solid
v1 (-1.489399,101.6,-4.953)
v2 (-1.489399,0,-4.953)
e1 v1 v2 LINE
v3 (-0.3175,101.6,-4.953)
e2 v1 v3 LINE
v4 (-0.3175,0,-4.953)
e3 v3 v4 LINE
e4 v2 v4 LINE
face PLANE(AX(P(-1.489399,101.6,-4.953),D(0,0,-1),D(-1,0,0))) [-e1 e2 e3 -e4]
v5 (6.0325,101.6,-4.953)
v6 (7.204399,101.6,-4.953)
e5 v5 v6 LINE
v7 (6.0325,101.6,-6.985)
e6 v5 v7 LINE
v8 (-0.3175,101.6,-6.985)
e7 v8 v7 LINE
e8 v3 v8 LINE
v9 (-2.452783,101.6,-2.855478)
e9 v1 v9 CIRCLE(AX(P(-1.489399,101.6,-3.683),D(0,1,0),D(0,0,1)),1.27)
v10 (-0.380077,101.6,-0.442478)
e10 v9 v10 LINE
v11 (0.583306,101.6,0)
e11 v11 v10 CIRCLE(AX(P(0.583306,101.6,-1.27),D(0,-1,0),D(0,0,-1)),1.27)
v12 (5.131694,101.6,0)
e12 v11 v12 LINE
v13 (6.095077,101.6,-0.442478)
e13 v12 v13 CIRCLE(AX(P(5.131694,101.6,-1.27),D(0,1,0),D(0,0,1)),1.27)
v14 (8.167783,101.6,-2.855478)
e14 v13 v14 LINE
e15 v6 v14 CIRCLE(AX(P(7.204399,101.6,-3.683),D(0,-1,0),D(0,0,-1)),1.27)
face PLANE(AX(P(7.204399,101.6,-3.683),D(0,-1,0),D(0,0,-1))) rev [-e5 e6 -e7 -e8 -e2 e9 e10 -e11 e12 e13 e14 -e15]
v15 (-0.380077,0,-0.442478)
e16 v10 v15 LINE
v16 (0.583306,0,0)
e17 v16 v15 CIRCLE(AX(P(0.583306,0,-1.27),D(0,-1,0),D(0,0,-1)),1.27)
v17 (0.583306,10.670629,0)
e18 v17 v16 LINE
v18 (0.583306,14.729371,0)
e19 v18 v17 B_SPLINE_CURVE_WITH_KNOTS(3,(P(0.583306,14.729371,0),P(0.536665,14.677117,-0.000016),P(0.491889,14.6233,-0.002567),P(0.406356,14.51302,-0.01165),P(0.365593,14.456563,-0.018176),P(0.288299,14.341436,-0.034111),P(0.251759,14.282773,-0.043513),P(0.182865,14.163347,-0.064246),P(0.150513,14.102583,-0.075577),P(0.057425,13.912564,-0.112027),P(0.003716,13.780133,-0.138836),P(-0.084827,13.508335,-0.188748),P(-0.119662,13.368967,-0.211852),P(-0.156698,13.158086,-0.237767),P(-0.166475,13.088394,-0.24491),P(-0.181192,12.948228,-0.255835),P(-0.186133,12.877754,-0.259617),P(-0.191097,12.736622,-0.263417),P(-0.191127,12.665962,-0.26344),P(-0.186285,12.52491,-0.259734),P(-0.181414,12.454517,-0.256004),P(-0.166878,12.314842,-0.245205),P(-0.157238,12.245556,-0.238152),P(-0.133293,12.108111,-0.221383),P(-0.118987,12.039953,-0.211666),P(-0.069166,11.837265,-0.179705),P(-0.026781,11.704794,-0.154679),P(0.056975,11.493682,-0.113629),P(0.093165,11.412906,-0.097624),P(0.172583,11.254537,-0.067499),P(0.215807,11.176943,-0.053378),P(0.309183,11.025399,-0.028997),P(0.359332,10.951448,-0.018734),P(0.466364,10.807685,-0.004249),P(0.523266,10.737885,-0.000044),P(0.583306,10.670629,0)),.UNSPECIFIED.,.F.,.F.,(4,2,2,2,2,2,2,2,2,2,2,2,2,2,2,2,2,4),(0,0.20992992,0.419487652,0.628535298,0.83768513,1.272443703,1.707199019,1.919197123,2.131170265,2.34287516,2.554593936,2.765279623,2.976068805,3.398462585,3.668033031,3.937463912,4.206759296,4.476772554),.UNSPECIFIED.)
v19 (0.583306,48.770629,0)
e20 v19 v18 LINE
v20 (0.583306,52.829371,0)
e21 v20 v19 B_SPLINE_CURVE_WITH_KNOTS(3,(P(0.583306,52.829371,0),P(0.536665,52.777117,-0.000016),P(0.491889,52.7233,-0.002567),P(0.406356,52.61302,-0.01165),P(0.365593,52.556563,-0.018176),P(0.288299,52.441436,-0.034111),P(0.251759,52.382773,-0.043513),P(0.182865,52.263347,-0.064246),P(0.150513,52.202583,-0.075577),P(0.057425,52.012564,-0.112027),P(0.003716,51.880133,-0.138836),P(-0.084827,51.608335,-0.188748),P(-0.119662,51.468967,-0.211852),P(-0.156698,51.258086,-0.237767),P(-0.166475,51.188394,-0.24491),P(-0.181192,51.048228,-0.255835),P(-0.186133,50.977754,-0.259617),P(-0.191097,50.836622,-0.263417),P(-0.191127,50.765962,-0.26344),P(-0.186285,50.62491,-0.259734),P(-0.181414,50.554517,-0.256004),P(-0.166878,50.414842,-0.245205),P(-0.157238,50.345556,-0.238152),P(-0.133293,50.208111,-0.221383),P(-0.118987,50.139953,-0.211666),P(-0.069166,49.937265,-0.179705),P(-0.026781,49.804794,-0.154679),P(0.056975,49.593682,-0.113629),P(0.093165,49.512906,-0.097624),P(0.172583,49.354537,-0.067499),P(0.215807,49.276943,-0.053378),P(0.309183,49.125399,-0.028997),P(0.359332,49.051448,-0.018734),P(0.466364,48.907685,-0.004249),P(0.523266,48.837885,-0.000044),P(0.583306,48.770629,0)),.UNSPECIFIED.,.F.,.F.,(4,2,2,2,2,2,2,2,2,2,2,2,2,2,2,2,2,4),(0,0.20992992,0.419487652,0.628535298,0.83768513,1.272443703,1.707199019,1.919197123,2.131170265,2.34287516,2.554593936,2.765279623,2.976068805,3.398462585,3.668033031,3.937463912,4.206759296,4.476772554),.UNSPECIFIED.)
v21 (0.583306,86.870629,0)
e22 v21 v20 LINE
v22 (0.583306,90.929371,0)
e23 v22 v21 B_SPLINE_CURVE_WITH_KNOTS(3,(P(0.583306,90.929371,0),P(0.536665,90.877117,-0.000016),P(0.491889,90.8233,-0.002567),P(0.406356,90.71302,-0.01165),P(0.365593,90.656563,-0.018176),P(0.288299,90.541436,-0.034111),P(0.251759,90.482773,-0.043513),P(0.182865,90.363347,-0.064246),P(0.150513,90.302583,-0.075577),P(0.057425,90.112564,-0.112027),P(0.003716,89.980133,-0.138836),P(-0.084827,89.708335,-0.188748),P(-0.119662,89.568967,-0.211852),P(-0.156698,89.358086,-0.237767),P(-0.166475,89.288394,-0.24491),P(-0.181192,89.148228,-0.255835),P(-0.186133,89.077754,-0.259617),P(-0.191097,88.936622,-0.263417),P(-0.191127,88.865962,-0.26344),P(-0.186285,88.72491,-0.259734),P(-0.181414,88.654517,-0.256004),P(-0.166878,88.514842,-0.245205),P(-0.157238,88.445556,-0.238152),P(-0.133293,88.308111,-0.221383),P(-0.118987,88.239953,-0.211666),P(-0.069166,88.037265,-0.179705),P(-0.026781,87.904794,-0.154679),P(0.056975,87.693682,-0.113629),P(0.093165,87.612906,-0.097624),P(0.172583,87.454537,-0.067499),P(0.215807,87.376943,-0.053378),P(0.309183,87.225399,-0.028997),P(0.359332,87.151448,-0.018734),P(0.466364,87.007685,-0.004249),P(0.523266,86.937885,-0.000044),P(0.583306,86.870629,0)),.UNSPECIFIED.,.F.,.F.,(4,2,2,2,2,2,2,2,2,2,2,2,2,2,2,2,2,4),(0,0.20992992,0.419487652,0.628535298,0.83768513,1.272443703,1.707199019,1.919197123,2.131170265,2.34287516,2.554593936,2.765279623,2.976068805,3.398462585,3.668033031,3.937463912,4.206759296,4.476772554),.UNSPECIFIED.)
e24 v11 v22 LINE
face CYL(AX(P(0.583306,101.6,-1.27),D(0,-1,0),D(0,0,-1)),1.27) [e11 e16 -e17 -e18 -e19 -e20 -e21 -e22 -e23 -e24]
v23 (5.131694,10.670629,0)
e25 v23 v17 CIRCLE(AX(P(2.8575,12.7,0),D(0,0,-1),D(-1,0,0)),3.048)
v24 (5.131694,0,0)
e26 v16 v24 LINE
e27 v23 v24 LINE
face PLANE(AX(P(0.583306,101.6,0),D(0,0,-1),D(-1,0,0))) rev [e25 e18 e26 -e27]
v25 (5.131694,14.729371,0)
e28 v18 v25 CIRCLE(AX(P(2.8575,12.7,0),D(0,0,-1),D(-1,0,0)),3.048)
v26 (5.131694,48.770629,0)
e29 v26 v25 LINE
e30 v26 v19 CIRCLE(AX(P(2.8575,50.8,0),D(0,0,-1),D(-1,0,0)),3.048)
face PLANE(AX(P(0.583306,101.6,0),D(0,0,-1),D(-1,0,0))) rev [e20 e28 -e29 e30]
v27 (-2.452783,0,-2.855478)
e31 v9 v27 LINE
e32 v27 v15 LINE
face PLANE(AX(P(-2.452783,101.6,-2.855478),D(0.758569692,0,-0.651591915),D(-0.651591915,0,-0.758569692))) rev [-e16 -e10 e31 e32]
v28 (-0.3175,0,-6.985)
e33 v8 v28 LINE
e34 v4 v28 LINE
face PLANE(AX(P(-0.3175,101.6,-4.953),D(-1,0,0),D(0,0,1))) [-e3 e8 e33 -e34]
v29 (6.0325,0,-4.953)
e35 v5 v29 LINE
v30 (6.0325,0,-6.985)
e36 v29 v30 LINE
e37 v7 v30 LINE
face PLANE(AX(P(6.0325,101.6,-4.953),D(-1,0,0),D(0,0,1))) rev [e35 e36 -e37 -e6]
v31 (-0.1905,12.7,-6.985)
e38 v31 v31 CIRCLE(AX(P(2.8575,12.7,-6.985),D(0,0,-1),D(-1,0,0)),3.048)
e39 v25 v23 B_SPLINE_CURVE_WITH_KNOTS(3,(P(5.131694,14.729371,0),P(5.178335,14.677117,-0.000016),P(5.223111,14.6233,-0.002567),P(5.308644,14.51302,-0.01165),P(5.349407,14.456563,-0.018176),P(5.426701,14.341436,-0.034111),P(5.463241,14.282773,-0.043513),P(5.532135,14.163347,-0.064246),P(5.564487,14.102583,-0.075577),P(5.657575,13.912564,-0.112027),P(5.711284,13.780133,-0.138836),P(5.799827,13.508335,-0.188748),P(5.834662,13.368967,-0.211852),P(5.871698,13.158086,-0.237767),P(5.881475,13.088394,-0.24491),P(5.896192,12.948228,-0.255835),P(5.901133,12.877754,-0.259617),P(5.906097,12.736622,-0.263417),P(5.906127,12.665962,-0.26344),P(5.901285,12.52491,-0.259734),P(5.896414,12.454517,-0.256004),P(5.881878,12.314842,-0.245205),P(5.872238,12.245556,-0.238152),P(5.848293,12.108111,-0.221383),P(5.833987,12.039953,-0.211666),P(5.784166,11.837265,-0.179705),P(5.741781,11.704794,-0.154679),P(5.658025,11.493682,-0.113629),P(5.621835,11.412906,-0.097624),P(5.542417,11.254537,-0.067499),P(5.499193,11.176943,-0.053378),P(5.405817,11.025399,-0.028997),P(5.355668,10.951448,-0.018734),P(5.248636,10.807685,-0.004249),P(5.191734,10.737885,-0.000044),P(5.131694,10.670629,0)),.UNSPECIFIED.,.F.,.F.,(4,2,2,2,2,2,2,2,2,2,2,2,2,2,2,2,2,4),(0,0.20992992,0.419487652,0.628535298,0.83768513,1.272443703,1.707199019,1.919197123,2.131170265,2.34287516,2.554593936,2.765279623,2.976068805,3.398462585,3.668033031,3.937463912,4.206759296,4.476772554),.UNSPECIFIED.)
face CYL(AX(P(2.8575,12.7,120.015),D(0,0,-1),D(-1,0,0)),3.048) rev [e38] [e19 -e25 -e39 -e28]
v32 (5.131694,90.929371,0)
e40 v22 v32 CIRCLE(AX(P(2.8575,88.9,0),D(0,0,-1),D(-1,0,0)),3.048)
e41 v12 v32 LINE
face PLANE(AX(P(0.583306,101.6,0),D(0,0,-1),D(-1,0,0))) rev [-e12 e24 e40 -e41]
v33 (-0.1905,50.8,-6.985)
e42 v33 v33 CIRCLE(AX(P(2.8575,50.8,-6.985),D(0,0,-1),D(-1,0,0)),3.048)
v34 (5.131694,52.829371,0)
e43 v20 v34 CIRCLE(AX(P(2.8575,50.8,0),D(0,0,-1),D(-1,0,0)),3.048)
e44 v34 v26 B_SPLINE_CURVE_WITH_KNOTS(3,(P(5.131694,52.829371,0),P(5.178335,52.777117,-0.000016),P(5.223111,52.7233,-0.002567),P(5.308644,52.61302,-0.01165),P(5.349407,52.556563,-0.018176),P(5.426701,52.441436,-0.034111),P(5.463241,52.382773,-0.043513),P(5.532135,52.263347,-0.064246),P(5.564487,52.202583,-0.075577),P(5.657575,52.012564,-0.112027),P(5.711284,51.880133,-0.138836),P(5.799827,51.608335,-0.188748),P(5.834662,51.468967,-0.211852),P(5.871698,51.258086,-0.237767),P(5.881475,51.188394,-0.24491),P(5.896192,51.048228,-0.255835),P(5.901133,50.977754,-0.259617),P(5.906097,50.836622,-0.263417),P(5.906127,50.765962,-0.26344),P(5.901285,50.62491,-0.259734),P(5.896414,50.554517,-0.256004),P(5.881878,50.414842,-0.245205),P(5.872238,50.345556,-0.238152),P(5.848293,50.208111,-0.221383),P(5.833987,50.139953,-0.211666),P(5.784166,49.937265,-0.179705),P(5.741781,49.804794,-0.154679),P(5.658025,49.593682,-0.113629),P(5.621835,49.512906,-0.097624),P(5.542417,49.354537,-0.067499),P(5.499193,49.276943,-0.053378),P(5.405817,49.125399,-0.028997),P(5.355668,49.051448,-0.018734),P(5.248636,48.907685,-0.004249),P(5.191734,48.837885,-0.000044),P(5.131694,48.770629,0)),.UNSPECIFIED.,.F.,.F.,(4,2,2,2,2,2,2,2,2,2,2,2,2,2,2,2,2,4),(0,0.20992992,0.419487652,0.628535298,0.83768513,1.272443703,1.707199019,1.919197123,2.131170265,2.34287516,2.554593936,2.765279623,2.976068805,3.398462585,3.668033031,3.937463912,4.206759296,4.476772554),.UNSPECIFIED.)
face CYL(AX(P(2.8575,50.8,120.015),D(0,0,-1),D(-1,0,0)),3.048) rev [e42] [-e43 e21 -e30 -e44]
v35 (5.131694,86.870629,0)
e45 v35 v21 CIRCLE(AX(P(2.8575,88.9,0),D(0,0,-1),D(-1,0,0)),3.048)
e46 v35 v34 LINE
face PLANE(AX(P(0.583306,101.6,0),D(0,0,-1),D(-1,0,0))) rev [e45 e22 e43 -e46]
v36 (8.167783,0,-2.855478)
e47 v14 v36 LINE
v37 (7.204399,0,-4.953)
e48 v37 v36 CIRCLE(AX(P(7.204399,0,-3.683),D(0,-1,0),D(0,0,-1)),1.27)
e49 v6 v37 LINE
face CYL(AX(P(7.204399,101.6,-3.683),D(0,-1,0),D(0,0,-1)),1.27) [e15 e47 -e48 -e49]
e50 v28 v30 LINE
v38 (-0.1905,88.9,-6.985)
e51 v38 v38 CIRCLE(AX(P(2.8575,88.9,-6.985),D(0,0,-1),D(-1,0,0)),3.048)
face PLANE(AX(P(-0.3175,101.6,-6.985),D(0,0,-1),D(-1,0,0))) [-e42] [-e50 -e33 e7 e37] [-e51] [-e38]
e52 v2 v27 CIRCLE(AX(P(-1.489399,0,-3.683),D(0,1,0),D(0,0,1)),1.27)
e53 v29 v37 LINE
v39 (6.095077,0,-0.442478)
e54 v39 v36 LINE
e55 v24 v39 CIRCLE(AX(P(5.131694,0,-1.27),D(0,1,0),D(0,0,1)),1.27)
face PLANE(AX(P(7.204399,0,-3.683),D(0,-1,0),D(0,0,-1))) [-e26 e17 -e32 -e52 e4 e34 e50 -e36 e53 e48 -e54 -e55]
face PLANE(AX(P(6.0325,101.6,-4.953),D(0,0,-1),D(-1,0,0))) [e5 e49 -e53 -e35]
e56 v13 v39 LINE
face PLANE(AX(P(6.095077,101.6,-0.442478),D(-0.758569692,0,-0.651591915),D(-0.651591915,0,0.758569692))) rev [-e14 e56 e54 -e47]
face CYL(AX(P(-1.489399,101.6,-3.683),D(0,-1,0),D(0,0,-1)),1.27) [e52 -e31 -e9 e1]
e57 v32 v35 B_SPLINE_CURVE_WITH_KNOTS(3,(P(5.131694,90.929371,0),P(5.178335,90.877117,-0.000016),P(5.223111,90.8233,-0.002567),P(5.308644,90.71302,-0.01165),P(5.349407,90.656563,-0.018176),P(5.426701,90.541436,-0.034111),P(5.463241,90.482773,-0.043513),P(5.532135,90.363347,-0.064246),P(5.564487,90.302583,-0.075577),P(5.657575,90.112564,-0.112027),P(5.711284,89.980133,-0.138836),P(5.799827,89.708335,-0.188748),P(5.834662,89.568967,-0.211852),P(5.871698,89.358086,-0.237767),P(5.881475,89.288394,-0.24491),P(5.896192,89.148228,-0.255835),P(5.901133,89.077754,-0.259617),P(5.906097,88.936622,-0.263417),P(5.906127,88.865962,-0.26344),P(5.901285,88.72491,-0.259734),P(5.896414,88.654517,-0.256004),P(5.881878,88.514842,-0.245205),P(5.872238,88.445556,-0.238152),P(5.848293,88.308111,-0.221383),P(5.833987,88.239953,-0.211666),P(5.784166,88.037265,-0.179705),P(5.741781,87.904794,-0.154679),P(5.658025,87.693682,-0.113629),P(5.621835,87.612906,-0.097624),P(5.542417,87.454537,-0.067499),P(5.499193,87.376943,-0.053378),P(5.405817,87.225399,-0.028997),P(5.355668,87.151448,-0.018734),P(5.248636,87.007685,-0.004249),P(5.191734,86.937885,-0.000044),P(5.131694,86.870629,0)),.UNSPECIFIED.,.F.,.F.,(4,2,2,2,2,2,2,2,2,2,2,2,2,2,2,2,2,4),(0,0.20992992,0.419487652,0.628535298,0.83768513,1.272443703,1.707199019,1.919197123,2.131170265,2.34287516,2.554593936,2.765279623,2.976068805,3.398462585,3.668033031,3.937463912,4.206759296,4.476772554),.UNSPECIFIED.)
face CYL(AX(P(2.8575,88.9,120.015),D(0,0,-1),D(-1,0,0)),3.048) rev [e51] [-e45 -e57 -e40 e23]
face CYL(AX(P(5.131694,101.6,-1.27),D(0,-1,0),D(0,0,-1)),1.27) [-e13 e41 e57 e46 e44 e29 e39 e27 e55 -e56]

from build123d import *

# Parameters (mm, degrees)
BOSS_EXTRUDE1_DEPTH = 101.6
SKETCH2_R           = 3.048
CUT_EXTRUDE4_DEPTH  = 127


with BuildPart() as part:
    # Sketch1 → Boss-Extrude1 (new body)
    with BuildSketch(Plane(origin=(0, 0, 0), x_dir=(1, 0, 0), z_dir=(0, 1, 0))):
        with BuildLine():
            Line((0.583306021, 0), (5.131693979, 0))
            ThreePointArc((5.131693979, 0), (5.661763503, 0.115908886), (6.095077487, 0.442478269))
            Line((6.095077487, 0.442478269), (8.167782615, 2.855478269))
            ThreePointArc((8.167782615, 2.855478269), (8.358490221, 4.213069524), (7.204399107, 4.953))
            Line((7.204399107, 4.953), (6.0325, 4.953))
            Line((6.0325, 4.953), (6.0325, 6.985))
            Line((6.0325, 6.985), (-0.3175, 6.985))
            Line((-0.3175, 6.985), (-0.3175, 4.953))
            Line((-0.3175, 4.953), (-1.489399107, 4.953))
            ThreePointArc((-1.489399107, 4.953), (-2.643490221, 4.213069524), (-2.452782615, 2.855478269))
            Line((-2.452782615, 2.855478269), (-0.380077487, 0.442478269))
            ThreePointArc((-0.380077487, 0.442478269), (0.053236497, 0.115908886), (0.583306021, 0))
        make_face()
    extrude(amount=BOSS_EXTRUDE1_DEPTH)

    # Sketch2 → Cut-Extrude4 (cut)
    with BuildSketch(Plane(origin=(0, 0, -6.985), x_dir=(-1, 0, 0), z_dir=(0, 0, -1))):
        with Locations((-2.8575, 50.8)):
            Circle(SKETCH2_R)
        with Locations((-2.8575, 88.9)):
            Circle(SKETCH2_R)
        with Locations((-2.8575, 12.7)):
            Circle(SKETCH2_R)
    extrude(amount=-CUT_EXTRUDE4_DEPTH, mode=Mode.SUBTRACT)


solid = part.part
